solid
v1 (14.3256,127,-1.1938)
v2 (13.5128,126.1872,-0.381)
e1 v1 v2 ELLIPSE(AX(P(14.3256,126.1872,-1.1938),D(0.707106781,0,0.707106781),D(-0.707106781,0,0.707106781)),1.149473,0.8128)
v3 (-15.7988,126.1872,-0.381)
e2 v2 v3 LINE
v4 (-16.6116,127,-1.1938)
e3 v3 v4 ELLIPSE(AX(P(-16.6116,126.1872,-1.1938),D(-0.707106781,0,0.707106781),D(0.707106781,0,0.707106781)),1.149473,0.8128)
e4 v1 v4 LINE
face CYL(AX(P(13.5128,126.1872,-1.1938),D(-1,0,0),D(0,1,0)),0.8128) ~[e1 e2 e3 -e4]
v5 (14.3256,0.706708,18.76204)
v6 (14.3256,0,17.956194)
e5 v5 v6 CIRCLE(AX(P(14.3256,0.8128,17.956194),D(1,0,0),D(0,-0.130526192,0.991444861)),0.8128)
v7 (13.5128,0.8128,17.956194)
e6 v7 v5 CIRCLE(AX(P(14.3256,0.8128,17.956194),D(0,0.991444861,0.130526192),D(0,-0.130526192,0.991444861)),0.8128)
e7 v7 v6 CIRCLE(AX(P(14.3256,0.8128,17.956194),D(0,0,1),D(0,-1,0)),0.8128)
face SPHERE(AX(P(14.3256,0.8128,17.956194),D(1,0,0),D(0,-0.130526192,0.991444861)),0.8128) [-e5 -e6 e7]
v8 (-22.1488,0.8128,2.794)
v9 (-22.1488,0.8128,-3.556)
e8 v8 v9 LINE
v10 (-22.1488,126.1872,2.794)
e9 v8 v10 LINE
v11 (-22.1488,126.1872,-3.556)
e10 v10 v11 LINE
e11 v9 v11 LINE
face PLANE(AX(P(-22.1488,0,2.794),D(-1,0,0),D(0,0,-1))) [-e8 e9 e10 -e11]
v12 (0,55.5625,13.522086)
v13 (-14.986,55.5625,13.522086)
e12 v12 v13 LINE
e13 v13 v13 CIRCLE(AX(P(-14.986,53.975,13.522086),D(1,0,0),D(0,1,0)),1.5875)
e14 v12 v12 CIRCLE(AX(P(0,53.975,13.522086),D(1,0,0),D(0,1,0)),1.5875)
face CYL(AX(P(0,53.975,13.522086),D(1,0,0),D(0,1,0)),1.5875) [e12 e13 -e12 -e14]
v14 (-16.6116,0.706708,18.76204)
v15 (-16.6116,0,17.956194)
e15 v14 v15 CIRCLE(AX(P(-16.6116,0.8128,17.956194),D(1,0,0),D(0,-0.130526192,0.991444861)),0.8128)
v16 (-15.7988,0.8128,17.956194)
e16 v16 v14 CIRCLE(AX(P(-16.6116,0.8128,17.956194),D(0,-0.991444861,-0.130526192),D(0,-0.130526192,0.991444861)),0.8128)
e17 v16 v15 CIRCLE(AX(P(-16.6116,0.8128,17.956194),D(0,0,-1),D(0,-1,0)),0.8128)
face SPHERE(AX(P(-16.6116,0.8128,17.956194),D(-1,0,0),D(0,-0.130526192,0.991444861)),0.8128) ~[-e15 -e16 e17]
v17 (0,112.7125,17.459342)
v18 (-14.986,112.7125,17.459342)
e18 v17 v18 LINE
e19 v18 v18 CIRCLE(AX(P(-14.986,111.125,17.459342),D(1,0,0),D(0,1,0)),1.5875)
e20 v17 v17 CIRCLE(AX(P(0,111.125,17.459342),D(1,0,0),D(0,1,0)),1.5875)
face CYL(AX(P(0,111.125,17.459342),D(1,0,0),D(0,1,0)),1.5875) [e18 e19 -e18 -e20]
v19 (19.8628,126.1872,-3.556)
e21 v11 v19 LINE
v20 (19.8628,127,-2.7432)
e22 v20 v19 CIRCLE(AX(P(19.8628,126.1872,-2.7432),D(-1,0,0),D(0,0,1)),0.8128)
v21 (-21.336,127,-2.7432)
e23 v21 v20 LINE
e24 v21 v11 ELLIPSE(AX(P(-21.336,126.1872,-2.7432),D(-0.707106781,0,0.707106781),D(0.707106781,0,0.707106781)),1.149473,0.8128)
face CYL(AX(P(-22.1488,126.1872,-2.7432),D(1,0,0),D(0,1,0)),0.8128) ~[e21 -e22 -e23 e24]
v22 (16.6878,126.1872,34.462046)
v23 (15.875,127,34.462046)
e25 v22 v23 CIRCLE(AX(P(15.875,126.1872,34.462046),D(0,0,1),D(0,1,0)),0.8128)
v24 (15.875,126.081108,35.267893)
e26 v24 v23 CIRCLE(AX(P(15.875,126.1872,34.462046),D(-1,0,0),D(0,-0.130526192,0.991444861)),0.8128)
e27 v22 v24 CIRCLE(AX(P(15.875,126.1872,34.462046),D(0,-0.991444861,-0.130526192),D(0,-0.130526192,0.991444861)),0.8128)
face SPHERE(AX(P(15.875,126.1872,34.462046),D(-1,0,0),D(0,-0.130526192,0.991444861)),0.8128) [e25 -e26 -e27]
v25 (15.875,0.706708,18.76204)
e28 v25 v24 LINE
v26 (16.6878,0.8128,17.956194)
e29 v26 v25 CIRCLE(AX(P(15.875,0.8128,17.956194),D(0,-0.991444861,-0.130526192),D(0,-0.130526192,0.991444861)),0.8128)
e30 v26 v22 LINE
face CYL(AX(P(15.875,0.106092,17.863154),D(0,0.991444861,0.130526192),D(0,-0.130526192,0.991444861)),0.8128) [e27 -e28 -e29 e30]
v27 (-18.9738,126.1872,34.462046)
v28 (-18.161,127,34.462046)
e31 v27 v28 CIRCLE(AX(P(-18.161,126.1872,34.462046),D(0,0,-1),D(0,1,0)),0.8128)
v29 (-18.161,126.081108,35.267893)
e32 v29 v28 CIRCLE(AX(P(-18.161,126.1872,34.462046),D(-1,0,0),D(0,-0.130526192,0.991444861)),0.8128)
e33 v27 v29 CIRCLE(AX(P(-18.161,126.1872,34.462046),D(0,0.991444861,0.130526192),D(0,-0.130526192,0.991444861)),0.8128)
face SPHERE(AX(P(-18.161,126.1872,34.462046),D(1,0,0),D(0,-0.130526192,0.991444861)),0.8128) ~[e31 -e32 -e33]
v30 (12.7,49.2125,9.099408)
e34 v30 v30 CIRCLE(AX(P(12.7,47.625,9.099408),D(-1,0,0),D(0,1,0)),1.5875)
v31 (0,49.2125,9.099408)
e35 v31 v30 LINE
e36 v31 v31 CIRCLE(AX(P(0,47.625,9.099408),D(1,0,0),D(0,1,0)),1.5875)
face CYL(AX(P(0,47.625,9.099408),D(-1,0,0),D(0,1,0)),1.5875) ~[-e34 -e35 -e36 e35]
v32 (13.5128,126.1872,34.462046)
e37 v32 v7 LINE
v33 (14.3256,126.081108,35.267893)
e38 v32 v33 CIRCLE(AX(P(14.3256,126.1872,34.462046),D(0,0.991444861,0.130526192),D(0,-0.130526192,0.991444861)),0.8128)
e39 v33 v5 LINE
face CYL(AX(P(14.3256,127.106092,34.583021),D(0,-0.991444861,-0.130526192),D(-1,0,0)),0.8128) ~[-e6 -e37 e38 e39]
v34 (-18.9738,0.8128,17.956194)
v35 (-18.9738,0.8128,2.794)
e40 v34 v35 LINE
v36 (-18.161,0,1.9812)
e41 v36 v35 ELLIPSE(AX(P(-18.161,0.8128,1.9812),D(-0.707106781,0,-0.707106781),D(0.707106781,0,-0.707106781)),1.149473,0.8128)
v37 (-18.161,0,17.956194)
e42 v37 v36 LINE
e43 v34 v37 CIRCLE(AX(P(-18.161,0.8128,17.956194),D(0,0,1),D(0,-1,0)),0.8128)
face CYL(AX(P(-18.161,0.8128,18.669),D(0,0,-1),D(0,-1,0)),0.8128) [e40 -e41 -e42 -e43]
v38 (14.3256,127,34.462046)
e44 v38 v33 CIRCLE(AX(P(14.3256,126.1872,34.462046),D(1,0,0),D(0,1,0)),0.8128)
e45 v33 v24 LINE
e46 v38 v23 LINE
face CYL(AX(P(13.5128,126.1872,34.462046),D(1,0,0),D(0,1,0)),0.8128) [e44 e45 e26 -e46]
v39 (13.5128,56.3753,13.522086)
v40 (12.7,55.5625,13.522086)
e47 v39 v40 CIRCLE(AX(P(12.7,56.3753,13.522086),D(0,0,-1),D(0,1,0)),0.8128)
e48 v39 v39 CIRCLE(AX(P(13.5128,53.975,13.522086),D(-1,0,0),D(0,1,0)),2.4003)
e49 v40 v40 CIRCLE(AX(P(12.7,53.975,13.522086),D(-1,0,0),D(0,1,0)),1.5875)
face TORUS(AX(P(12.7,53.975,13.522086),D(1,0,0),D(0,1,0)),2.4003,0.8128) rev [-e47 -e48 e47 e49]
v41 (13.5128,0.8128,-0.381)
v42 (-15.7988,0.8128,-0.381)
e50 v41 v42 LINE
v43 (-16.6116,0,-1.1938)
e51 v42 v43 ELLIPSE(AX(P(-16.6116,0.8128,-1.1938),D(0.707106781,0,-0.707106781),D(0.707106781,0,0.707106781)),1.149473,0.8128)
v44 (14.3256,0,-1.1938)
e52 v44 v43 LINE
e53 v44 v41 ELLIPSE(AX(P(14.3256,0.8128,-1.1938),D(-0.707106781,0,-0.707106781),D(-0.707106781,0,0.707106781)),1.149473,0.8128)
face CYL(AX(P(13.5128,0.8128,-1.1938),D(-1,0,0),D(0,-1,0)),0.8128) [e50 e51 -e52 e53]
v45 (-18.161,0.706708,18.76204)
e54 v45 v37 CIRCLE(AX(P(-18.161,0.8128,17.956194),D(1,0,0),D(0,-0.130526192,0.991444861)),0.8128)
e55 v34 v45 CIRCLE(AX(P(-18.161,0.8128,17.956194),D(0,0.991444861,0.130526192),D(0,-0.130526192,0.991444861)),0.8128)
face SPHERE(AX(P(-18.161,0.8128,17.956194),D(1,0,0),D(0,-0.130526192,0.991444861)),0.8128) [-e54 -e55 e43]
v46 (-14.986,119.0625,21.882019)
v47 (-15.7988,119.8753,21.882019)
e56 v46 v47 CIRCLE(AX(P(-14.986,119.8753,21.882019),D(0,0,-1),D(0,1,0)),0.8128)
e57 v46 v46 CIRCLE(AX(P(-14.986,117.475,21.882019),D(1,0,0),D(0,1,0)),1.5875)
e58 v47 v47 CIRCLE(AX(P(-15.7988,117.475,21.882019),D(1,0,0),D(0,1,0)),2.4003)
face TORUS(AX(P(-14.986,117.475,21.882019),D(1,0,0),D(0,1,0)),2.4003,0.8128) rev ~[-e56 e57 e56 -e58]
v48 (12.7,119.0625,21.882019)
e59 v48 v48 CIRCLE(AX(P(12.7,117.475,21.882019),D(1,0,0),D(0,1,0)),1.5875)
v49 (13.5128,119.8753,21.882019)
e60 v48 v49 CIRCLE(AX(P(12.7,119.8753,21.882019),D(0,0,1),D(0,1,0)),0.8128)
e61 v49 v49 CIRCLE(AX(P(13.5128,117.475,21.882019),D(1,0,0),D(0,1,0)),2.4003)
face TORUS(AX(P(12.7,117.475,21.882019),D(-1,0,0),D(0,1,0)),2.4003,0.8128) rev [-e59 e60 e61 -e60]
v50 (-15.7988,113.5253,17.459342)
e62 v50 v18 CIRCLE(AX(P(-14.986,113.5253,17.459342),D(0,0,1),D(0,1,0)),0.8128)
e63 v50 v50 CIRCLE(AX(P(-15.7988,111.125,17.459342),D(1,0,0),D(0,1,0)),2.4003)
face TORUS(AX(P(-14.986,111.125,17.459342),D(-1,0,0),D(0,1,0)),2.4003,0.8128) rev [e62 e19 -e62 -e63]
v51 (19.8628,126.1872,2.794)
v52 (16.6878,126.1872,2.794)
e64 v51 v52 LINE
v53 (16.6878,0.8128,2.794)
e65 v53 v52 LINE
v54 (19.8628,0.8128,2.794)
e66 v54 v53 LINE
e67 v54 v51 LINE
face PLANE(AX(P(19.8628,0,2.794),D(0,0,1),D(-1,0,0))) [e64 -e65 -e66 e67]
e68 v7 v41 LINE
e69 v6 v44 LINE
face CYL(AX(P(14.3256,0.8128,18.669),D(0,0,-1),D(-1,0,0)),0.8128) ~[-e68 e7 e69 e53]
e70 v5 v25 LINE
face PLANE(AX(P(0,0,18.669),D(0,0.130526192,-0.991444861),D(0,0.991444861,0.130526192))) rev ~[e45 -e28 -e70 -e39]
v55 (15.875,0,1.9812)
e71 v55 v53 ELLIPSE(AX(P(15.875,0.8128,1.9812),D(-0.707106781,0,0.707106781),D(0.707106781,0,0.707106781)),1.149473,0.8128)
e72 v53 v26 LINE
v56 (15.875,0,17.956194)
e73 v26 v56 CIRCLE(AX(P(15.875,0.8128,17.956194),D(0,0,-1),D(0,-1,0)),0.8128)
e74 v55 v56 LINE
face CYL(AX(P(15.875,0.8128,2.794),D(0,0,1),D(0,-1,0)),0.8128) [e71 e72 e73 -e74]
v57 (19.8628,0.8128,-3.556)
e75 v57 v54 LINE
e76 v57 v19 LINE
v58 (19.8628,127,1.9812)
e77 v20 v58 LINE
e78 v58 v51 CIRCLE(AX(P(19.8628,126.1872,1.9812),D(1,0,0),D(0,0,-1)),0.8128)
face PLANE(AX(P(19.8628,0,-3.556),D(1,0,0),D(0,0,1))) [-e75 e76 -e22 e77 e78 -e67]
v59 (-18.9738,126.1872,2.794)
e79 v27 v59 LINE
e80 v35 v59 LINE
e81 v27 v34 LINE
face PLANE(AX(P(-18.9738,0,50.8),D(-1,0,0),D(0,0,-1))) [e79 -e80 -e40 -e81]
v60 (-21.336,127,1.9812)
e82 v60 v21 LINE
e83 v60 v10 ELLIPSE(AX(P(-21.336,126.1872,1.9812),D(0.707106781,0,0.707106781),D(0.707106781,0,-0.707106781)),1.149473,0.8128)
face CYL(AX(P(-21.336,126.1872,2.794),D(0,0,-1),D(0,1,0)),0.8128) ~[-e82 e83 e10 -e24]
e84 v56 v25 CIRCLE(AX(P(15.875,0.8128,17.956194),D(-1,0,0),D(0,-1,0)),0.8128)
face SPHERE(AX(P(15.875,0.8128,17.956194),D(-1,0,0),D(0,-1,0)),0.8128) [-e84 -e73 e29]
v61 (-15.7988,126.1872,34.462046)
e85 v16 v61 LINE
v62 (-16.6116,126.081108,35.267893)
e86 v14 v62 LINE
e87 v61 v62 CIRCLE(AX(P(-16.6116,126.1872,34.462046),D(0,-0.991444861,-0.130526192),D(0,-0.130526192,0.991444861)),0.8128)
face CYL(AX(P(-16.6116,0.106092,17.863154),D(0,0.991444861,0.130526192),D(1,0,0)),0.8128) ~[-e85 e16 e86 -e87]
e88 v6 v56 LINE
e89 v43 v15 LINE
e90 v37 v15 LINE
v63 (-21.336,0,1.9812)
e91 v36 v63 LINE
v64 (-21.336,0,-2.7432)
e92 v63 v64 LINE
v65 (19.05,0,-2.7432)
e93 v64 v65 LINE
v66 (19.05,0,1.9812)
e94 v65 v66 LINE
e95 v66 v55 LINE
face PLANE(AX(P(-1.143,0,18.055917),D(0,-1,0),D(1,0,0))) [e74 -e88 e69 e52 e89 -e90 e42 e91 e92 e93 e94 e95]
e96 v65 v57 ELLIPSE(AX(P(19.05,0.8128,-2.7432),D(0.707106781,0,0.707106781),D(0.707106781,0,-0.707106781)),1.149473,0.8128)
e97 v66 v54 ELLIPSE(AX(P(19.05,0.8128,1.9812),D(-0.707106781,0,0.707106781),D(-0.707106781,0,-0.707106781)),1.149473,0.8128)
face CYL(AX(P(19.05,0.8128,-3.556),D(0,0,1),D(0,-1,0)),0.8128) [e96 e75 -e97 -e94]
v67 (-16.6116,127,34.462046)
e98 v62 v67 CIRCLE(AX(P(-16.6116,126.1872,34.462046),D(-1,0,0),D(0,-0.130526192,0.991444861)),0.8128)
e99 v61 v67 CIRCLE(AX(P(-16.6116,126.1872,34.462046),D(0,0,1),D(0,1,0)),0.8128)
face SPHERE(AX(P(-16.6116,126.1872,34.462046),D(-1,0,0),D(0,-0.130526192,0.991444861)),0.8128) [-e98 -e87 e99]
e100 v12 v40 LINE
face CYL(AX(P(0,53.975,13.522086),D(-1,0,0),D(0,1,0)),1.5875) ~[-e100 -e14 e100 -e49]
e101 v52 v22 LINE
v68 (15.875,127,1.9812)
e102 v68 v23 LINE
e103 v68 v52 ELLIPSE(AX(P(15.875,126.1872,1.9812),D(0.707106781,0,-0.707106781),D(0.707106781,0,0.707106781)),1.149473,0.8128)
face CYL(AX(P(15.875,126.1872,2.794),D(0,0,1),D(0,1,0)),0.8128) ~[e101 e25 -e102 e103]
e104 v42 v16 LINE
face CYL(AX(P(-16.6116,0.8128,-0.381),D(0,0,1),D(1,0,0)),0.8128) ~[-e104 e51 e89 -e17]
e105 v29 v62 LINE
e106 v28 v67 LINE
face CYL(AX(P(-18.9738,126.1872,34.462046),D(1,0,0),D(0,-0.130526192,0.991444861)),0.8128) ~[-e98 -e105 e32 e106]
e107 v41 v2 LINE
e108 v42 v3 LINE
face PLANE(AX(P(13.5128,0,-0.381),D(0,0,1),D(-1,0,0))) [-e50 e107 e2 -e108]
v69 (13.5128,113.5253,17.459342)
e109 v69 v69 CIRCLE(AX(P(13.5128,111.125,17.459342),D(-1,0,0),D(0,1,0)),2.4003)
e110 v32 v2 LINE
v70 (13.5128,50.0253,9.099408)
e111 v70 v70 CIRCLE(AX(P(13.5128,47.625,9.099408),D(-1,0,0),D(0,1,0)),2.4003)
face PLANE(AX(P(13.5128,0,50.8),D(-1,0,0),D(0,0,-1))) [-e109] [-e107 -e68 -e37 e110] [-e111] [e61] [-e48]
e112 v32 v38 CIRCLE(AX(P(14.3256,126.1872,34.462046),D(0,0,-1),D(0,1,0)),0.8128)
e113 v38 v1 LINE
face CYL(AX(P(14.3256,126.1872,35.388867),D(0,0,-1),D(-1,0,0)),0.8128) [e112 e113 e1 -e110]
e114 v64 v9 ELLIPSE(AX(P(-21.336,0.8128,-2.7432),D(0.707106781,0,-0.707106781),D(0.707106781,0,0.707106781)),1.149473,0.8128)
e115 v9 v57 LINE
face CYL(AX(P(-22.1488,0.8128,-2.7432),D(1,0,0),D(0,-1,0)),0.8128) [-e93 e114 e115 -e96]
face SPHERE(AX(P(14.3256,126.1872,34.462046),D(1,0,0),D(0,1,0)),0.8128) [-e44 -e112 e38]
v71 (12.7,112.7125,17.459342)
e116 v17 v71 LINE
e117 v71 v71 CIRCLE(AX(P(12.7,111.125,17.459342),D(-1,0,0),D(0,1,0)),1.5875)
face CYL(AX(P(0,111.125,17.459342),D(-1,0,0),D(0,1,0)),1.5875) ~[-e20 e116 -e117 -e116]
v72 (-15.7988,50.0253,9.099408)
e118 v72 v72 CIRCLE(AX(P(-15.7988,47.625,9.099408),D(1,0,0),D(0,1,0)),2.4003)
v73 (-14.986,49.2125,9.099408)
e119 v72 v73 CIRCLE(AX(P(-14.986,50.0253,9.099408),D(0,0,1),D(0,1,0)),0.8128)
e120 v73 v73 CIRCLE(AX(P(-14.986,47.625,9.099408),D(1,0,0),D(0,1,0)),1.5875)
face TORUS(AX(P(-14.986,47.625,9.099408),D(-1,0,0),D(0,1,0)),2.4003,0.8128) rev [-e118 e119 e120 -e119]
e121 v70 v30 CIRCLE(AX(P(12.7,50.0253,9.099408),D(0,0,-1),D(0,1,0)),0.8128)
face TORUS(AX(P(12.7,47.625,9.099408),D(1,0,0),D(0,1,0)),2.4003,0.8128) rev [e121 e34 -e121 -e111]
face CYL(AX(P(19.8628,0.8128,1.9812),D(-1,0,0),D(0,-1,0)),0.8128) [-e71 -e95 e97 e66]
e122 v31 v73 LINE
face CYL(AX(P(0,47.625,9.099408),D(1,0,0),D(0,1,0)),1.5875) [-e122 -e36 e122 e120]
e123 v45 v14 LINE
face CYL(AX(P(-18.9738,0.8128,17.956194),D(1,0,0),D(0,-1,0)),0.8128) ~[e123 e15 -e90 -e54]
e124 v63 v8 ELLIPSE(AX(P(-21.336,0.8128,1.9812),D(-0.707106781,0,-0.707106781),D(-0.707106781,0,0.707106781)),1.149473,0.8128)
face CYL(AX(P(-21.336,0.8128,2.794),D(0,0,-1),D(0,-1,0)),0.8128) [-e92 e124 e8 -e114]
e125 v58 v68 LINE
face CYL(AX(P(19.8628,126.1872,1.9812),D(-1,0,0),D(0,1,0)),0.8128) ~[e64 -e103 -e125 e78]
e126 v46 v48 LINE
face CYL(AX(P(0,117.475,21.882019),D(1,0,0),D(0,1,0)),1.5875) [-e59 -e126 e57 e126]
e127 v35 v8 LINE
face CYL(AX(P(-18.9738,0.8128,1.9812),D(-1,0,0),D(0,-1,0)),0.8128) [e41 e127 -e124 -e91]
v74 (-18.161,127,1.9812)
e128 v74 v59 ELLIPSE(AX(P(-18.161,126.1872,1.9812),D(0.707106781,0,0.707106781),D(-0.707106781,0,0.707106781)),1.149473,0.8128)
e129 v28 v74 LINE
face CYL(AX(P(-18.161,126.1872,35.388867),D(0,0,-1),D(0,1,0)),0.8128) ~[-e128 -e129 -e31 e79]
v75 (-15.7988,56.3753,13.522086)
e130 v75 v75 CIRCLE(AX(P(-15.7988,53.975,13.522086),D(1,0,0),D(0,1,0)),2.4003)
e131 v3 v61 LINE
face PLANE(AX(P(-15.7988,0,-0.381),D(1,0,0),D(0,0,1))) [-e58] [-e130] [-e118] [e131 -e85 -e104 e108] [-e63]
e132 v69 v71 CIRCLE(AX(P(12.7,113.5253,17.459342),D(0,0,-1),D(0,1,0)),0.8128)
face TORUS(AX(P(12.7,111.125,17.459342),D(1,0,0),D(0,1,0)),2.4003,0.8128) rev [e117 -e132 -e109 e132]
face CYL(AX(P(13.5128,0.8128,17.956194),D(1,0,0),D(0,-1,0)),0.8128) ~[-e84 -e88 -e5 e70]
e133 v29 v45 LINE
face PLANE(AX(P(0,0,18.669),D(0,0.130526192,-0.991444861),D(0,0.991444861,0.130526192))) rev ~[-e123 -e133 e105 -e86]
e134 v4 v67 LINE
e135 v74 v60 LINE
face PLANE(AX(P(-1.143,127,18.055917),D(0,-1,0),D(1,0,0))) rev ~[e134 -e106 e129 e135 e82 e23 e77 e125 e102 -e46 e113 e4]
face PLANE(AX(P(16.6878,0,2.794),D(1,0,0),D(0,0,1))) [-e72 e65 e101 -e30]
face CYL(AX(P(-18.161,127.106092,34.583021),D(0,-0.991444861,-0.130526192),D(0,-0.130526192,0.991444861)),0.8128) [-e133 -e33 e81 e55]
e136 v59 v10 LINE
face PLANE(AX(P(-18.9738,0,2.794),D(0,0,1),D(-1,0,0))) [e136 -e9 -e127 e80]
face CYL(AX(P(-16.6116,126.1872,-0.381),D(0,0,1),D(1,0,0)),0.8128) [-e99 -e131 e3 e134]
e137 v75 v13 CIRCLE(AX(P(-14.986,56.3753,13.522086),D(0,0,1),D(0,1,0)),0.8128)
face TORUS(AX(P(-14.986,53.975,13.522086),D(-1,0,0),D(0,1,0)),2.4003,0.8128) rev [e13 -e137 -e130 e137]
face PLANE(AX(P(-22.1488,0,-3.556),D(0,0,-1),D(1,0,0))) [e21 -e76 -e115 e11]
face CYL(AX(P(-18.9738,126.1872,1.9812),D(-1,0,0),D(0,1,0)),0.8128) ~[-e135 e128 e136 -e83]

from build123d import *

# Parameters (mm, degrees)
F1_DEPTH = 127
F2_R     = 1.5875
F3_DEPTH = 15.875
F5_DEPTH = 25.4
F6_R     = 0.8128


with BuildPart() as f1:
    # F0 (on Front) → F1 (new body)
    with BuildSketch(Plane.XZ):
        Polygon((13.5128, 50.8), (13.5128, -0.381), (-15.7988, -0.381), (-15.7988, 50.8), (-18.9738, 50.8), (-18.9738, 2.794), (-22.1488, 2.794), (-22.1488, -3.556), (19.8628, -3.556), (19.8628, 2.794), (16.6878, 2.794), (16.6878, 50.8), align=None)
    extrude(amount=-F1_DEPTH)

    # F2 (on Right) → F3 (join, symmetric)
    with BuildSketch(Plane.YZ):
        with Locations((47.625, 9.0994079057)):
            Circle(F2_R)
        with Locations((53.975, 13.5220858492)):
            Circle(F2_R)
        with Locations((111.125, 17.4593415025)):
            Circle(F2_R)
        with Locations((117.475, 21.882019446)):
            Circle(F2_R)
    extrude(amount=F3_DEPTH, both=True)

    # F4 (on Right) → F5 (cut, symmetric)
    with BuildSketch(Plane.YZ):
        Polygon((0, 57.8776258776), (0, 18.669), (128.4480404309, 35.5795053329), (128.4480404309, 57.8776258776), align=None)
    extrude(amount=F5_DEPTH, both=True, mode=Mode.SUBTRACT)

    # F6
    f6_edges = [f1.edges().sort_by_distance(p)[0] for p in [
        (-18.9738, 63.5, 27.028934),
        (-15.7988, 63.5, 27.028934),
        (-15.7988, 0, 9.144),
        (16.6878, 0, 10.7315),
        (16.6878, 63.5, 27.028934),
        (13.5128, 63.5, 27.028934),
        (-1.143, 0, -0.381),
        (-18.9738, 0, 10.7315),
        (13.5128, 0, 9.144),
        (-1.143, 0, -3.556),
        (18.2753, 0, 2.794),
        (19.8628, 0, -0.381),
        (-20.5613, 0, 2.794),
        (-22.1488, 0, -0.381),
        (-15.7988, 46.0375, 9.099408),
        (-15.7988, 52.3875, 13.522086),
        (13.5128, 46.0375, 9.099408),
        (13.5128, 52.3875, 13.522086),
        (13.5128, 109.5375, 17.459342),
        (13.5128, 115.8875, 21.882019),
        (-15.7988, 109.5375, 17.459342),
        (-15.7988, 115.8875, 21.882019),
        (16.6878, 127, 19.091434),
        (18.2753, 127, 2.794),
        (-1.143, 127, -3.556),
        (-22.1488, 127, -0.381),
        (-20.5613, 127, 2.794),
        (-18.9738, 127, 19.091434),
        (-15.7988, 127, 17.503934),
        (15.1003, 127, 35.388867),
        (-17.3863, 127, 35.388867),
        (-1.143, 127, -0.381),
        (15.1003, 0, 18.669),
        (-17.3863, 0, 18.669),
        (13.5128, 127, 17.503934),
    ]]
    fillet(f6_edges, radius=F6_R)


solid = f1.part
